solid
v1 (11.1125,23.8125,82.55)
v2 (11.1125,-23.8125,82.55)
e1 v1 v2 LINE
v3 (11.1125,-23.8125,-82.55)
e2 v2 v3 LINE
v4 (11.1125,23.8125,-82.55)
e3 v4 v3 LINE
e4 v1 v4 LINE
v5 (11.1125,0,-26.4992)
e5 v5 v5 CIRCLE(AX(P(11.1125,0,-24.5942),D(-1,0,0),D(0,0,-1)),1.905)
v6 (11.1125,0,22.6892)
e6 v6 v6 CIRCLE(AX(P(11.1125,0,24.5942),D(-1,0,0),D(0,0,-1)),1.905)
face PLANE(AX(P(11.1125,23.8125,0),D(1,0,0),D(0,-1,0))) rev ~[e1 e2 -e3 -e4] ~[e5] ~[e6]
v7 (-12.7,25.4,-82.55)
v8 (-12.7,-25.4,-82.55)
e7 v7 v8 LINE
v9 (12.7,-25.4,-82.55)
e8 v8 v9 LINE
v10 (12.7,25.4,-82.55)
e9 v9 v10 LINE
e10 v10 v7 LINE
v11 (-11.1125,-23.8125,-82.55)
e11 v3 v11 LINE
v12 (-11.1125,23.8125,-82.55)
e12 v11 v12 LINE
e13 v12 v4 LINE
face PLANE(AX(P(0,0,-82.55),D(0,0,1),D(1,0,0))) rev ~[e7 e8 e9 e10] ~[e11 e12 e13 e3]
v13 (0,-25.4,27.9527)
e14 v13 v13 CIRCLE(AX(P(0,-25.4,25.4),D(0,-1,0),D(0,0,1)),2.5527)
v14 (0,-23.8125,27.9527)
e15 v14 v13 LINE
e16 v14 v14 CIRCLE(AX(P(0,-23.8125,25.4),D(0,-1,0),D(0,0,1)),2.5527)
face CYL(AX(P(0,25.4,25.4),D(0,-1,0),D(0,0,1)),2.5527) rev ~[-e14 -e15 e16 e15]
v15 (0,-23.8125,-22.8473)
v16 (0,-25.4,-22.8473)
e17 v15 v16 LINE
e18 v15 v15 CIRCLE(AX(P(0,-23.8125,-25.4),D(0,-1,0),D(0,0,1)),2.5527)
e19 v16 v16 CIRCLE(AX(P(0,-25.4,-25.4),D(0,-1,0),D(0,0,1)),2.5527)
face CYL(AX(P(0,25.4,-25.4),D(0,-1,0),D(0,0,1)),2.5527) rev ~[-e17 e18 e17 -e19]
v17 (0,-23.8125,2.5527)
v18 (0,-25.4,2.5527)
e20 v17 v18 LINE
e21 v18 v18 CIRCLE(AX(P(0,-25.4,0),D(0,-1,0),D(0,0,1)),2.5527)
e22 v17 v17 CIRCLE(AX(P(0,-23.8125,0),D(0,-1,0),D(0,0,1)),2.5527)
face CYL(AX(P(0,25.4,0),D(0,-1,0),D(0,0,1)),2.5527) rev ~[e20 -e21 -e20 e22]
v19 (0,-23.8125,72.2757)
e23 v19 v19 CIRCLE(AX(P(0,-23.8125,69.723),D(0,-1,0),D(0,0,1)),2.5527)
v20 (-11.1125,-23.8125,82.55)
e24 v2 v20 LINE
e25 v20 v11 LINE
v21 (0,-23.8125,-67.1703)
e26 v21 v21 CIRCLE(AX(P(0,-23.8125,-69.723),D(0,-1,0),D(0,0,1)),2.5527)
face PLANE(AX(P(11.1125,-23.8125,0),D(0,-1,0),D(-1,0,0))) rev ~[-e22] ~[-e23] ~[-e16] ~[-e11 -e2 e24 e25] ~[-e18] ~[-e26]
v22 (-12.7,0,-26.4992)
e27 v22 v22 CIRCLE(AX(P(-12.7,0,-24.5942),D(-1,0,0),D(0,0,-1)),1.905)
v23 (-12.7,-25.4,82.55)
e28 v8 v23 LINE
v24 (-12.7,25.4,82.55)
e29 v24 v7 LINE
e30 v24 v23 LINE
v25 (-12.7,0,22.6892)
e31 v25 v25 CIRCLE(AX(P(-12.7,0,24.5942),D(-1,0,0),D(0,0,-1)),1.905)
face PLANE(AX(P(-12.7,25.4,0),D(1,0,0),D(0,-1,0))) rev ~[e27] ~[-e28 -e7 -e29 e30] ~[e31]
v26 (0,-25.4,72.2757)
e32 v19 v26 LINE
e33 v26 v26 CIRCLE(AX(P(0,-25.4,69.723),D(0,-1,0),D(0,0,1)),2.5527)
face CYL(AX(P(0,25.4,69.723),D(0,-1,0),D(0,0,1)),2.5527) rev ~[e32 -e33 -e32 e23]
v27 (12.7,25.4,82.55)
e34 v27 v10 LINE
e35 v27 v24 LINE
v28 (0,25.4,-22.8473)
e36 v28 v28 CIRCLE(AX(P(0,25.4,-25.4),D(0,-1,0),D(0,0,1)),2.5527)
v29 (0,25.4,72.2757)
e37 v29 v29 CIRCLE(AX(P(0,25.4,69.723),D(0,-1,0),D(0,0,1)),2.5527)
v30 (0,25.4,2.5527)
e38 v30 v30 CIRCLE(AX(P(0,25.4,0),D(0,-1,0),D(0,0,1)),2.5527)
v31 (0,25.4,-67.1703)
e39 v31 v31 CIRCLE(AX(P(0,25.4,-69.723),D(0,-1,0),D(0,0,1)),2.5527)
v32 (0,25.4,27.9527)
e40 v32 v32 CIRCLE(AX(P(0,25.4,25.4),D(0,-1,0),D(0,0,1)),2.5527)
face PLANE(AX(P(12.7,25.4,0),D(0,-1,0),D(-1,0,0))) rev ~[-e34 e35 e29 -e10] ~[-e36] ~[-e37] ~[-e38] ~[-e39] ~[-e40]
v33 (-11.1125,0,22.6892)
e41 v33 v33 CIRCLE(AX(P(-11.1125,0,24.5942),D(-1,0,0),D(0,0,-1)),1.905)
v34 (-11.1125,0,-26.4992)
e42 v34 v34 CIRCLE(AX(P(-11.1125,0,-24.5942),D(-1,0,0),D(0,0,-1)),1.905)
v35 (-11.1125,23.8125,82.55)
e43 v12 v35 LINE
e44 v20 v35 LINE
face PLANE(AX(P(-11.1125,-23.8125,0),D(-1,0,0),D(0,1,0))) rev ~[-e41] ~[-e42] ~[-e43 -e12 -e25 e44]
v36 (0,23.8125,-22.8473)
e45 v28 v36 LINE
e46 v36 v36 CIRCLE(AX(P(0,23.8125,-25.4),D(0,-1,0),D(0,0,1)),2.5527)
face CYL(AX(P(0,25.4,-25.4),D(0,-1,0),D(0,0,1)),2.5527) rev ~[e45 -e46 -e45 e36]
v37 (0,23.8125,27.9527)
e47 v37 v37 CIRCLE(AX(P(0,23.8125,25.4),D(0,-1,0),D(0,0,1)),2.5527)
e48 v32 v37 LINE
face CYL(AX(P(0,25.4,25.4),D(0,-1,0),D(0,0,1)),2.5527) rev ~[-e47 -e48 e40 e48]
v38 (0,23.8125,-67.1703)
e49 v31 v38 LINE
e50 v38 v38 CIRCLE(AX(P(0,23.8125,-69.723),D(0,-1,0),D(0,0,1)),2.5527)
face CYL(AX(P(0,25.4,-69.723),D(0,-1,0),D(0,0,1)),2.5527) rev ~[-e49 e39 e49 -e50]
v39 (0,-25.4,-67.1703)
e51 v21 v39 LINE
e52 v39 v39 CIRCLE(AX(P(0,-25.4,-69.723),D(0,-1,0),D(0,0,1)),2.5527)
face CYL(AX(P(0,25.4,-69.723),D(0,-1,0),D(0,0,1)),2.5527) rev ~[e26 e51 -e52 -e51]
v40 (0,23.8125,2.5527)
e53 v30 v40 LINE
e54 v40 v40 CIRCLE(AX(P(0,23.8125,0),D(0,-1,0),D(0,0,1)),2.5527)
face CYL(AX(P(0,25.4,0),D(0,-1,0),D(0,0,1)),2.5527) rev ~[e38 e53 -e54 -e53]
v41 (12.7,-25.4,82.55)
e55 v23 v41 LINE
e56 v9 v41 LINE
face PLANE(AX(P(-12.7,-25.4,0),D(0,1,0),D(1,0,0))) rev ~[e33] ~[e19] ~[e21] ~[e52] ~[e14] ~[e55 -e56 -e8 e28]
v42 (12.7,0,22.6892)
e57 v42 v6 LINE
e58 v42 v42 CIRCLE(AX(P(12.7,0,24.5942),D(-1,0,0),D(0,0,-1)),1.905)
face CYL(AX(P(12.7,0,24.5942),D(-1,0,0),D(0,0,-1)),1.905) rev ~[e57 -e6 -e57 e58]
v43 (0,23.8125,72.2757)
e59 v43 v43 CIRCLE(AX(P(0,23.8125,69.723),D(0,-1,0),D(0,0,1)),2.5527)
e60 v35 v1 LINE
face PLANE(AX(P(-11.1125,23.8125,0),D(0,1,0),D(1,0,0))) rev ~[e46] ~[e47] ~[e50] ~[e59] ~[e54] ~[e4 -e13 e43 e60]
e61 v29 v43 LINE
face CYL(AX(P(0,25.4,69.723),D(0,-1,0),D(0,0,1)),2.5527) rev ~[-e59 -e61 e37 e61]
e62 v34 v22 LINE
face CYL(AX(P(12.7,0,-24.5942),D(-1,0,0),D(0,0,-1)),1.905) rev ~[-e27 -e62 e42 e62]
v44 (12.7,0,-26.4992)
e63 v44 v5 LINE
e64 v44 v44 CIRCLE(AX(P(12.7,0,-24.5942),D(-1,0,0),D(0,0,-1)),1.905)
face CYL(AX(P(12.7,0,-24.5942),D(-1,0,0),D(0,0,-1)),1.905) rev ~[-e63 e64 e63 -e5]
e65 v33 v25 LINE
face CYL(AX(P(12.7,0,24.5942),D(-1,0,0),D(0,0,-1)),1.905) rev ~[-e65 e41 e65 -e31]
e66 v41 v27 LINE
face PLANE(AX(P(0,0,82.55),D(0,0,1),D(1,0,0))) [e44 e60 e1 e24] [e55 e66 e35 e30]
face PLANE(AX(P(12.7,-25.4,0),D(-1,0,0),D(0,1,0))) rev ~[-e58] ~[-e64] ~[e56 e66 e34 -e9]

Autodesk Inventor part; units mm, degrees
ref_plane "YZ Plane" through (0, 0, 0) normal (1, 0, 0) x (0, 1, 0)
ref_plane "XZ Plane" through (0, 0, 0) normal (0, 1, 0) x (-1, 0, 0)
ref_plane "XY Plane" through (0, 0, 0) normal (0, 0, 1) x (1, 0, 0)
sketch "Sketch1" plane through (0, 0, 0) normal (0, 0, 1) x (1, 0, 0)
  line L0 (-12.7, -25.4) -> (12.7, -25.4)
  line L1 (12.7, -25.4) -> (12.7, 25.4)
  line L2 (12.7, 25.4) -> (-12.7, 25.4)
  line L3 (-12.7, 25.4) -> (-12.7, -25.4)
  line L4 (-12.7, -25.4) -> (12.7, 25.4) construction
  line L5 (12.7, -25.4) -> (-12.7, 25.4) construction
  line L6 (-11.1125, 23.8125) -> (11.1125, 23.8125)
  line L7 (11.1125, 23.8125) -> (11.1125, -23.8125)
  line L8 (11.1125, -23.8125) -> (-11.1125, -23.8125)
  line L9 (-11.1125, -23.8125) -> (-11.1125, 23.8125)
  point P0 (0, 0)
  dimension "width" = 25.4
  dimension "height" = 50.8
  dimension "thickness" = 1.5875
extrude "Extrusion1" add sketch "Sketch1" along normal mid plane 165.1
sketch "Sketch5" plane through (-12.7, 25.4, 82.55) normal (0, 1, 0) x (1, 0, 0)
  point P0 (12.7, 82.55)
  point P1 (12.7, 82.55)
  point P2 (12.7, 107.95)
  point P3 (12.7, 57.15)
  dimension "d28" = 25.4
  dimension "d29" = 25.4
hole "Hole3" at (0, 25.4, 0) at (0, 25.4, -25.4) at (0, 25.4, 25.4) direction (0, -1, 0) diameter 5.1054 end through all clearance for "Flat Head Machine Screw (82)" size "#10" standard "Ansi Unified Screw Threads"
sketch "Sketch6" plane through (-12.7, 25.4, 82.55) normal (0, 1, 0) x (1, 0, 0)
  line L0 (12.7, 152.273) -> (12.7, 12.827) construction
  line L1 (0, 165.1) -> (25.4, 165.1) construction
  point P0 (12.7, 82.55)
  point P1 (12.7, 82.55)
  point P2 (12.7, 165.1)
  dimension "d37" = 139.446
hole "Hole4" at (0, 25.4, -69.723) at (0, 25.4, 69.723) direction (0, -1, 0) diameter 5.1054 end through all clearance for "Flat Head Machine Screw (82)" size "#10" standard "Ansi Unified Screw Threads"
sketch "Sketch7" plane through (12.7, -25.4, 82.55) normal (1, 0, 0) x (0, 0, -1)
  line L0 (57.9558, 25.4) -> (107.1442, 25.4) construction
  point P0 (82.55, 25.4)
  point P1 (82.55, 25.4)
  dimension "d45" = 49.1884
hole "Hole5" at (12.7, 0, 24.5942) at (12.7, 0, -24.5942) direction (-1, 0, 0) diameter 3.81 end through all clearance for "Flat Head Machine Screw (82)" size "#6" standard "Ansi Unified Screw Threads"
equation "\"d29\" = d28"
properties part number "EL2-C-001" material "Aluminum 6061"
